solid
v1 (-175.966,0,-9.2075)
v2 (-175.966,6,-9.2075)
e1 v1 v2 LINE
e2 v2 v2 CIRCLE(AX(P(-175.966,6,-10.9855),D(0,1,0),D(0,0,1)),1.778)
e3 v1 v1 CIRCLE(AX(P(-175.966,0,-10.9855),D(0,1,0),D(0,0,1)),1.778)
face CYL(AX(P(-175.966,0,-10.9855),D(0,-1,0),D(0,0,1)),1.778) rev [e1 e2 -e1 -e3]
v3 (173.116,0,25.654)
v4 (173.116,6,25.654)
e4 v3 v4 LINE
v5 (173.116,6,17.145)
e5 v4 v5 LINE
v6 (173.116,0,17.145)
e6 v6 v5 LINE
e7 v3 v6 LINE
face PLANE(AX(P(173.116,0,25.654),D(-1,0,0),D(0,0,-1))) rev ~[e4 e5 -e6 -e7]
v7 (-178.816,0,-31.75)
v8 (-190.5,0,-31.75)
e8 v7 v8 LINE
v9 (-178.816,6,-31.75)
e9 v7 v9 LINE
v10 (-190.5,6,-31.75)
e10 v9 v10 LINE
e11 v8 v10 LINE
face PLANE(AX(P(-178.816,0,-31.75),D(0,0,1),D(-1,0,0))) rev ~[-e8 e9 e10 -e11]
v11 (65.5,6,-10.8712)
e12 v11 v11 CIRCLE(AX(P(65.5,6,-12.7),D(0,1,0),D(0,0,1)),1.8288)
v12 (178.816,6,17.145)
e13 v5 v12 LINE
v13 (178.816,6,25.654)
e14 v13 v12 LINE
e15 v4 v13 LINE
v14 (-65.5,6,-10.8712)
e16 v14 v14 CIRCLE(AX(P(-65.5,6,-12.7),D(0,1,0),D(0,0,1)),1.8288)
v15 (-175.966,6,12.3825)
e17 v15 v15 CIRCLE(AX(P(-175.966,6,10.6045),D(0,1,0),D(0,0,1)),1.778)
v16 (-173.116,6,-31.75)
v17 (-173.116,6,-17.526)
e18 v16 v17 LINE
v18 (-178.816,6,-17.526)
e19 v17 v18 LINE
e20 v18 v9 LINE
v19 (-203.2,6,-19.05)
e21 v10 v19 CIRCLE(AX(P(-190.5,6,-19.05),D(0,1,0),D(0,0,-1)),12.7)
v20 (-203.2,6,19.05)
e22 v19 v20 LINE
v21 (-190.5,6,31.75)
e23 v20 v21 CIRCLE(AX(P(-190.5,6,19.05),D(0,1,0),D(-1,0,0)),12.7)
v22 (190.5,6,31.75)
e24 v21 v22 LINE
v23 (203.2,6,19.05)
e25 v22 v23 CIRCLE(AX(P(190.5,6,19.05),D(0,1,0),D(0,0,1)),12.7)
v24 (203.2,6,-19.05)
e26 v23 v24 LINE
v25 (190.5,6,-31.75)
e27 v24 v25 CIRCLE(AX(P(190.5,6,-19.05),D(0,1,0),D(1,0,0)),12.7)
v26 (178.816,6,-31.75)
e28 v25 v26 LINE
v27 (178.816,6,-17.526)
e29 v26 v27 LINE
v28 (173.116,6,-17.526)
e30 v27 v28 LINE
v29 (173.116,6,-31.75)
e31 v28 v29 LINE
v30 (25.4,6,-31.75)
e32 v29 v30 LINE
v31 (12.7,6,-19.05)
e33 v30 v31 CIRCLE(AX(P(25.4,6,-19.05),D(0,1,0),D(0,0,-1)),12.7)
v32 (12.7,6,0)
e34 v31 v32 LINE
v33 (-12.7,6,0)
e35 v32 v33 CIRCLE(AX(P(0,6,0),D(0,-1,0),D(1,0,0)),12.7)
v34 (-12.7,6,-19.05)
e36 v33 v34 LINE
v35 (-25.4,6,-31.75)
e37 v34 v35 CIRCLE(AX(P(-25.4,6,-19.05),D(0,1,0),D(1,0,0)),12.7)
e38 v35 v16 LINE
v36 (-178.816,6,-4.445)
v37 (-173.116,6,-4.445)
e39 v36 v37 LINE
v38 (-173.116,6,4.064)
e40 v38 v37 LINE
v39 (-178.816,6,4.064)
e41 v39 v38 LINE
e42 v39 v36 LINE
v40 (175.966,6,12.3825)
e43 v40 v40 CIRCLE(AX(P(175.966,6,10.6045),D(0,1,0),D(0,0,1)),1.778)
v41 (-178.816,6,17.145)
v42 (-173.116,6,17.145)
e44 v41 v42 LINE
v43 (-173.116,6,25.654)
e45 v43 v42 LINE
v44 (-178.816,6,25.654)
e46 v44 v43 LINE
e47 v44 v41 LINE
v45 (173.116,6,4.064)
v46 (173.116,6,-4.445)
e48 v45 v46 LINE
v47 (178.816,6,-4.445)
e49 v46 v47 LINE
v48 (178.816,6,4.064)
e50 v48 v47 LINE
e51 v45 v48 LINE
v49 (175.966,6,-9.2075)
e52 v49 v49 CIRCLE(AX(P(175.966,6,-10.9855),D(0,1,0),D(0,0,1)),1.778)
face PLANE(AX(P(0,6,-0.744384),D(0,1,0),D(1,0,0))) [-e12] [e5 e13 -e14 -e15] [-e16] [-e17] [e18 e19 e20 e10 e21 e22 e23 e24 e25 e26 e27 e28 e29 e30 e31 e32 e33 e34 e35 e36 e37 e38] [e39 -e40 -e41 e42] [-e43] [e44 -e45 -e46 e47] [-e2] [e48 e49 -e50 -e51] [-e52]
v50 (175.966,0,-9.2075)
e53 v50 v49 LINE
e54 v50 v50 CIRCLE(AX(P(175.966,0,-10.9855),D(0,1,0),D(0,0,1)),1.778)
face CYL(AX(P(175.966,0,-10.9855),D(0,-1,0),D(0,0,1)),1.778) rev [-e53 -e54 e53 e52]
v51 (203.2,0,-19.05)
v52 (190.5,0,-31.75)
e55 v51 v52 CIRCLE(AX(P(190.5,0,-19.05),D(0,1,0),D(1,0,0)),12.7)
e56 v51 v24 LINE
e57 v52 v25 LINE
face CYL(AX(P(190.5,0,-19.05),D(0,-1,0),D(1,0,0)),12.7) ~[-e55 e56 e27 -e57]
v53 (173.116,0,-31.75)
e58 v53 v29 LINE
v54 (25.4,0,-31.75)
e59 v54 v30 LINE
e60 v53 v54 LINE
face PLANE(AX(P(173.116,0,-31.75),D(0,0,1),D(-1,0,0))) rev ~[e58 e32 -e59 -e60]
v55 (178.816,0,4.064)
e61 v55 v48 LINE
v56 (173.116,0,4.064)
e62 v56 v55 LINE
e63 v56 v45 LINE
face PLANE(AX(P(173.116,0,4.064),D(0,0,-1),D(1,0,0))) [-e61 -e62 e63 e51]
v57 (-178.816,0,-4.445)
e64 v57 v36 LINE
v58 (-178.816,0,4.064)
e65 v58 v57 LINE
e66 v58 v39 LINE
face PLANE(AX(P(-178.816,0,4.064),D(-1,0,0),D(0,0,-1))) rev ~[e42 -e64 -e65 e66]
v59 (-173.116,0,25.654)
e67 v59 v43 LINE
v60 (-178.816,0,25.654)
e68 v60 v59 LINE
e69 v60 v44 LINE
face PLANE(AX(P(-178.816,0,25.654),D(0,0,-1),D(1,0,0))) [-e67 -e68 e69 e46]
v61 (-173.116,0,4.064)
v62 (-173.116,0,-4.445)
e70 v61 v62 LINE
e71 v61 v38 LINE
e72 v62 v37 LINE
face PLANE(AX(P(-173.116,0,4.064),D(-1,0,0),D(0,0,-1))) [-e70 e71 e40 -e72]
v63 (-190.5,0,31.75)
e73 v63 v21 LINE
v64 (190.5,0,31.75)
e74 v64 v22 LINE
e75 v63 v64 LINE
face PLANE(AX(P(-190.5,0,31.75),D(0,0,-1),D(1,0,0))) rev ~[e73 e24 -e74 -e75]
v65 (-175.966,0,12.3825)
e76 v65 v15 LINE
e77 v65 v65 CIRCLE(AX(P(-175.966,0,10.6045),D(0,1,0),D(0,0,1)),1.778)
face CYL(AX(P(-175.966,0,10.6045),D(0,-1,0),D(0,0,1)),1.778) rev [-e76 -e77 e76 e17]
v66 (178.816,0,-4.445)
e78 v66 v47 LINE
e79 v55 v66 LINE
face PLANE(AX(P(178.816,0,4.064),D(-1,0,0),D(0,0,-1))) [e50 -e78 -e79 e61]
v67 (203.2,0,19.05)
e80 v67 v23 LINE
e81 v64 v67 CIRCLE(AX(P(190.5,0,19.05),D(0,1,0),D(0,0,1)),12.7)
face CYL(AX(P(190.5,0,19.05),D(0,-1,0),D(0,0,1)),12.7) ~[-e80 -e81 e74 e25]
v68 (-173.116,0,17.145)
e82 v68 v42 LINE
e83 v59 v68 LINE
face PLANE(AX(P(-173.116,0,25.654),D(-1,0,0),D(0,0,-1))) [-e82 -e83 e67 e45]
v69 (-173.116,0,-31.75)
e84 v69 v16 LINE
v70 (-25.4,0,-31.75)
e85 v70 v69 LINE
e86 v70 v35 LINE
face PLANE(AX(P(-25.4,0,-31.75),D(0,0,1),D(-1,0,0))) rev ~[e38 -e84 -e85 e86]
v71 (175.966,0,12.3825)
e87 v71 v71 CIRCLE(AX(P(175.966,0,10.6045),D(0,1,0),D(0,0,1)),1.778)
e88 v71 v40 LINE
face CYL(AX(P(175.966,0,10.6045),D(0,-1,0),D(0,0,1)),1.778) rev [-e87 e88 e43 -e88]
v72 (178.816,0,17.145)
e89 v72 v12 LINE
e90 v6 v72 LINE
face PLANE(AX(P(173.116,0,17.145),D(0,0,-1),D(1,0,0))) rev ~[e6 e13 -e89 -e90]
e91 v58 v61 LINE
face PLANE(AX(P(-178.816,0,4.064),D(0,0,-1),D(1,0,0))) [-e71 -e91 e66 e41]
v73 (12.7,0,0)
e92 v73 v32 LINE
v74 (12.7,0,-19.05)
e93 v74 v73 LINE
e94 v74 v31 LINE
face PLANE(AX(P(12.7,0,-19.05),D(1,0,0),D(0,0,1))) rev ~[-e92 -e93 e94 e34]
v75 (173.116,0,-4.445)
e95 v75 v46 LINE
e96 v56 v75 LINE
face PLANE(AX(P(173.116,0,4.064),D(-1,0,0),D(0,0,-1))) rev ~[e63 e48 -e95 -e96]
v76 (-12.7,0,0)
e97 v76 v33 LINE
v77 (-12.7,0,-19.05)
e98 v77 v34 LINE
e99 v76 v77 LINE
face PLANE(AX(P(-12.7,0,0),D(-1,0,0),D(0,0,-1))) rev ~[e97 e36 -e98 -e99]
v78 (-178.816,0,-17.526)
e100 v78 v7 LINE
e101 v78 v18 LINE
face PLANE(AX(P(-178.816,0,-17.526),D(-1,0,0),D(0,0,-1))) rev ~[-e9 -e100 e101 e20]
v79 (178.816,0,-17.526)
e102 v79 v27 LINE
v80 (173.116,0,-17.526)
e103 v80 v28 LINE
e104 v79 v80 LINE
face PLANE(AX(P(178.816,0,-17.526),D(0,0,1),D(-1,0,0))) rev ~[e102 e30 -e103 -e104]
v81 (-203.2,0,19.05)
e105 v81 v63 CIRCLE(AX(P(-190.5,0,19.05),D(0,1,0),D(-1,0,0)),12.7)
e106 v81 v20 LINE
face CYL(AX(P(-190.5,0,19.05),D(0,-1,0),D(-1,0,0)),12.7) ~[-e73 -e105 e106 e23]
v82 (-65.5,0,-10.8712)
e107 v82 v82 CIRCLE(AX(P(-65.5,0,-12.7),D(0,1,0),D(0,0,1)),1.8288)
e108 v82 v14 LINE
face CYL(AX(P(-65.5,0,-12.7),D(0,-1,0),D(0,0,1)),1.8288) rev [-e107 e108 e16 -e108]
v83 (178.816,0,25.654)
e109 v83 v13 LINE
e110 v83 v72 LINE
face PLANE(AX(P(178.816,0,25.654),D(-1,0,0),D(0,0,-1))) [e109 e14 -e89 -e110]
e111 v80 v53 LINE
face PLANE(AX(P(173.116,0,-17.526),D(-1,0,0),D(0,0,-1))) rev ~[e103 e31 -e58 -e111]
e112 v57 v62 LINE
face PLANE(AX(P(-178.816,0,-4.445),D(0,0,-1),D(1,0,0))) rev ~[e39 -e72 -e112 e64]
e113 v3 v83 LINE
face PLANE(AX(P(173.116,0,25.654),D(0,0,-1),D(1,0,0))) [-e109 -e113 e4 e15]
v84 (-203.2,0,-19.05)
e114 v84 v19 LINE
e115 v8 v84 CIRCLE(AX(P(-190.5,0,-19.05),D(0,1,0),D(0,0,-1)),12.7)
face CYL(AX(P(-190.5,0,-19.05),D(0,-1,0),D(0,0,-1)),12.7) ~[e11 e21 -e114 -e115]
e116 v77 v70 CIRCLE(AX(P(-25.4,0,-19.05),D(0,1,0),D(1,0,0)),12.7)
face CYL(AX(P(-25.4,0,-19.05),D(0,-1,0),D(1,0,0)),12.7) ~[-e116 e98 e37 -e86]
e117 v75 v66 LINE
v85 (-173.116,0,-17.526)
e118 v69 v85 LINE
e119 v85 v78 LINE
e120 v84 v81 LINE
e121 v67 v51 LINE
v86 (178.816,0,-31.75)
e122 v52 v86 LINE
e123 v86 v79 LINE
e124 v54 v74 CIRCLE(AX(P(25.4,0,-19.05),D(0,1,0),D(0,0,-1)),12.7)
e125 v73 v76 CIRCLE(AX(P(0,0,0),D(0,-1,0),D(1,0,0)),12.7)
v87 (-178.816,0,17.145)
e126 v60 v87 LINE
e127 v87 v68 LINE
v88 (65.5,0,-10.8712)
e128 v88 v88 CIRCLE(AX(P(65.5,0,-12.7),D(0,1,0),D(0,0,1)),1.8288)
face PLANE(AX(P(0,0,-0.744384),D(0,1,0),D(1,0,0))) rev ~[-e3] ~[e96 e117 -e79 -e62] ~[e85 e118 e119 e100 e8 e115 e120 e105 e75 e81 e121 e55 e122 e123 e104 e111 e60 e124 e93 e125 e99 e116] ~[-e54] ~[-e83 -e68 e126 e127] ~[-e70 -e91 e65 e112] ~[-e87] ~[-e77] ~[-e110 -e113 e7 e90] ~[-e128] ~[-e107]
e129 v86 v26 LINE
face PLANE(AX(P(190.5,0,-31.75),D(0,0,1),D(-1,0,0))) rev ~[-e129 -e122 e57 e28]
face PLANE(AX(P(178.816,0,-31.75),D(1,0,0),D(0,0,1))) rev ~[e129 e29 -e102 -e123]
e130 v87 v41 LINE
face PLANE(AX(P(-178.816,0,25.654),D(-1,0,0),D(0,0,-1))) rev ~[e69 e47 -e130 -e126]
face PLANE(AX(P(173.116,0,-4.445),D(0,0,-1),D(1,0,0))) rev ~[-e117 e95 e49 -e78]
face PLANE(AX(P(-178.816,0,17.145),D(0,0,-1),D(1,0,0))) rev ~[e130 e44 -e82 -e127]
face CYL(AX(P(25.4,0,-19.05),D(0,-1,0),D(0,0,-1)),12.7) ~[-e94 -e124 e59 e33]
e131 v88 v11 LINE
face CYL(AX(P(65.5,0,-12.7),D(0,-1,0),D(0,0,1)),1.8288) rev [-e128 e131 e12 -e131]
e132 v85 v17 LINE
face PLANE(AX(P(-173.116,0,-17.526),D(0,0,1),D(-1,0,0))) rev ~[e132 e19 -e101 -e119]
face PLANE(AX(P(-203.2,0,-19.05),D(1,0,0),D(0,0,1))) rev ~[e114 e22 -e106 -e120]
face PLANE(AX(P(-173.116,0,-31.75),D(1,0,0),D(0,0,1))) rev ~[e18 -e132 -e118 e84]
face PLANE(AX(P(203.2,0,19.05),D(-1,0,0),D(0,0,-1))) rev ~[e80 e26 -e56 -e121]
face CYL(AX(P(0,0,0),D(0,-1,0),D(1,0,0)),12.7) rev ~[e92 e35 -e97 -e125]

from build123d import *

# Parameters (mm, degrees)
SKETCH1_W           = 5.7
SKETCH1_H           = 8.509
SKETCH1_R           = 1.778
SKETCH1_R_2         = 1.8288
BOSS_EXTRUDE1_DEPTH = 6


with BuildPart() as part:
    # Sketch1 → Boss-Extrude1 (new body)
    with BuildSketch(Plane(origin=(0, 0, 0), x_dir=(1, 0, 0), z_dir=(0, 1, 0))):
        with BuildLine():
            ThreePointArc((-203.2, -19.05), (-199.480256121, -28.030256121), (-190.5, -31.75))
            Line((-190.5, -31.75), (190.5, -31.75))
            ThreePointArc((190.5, -31.75), (199.480256121, -28.030256121), (203.2, -19.05))
            Line((203.2, -19.05), (203.2, 19.05))
            ThreePointArc((203.2, 19.05), (199.480256121, 28.030256121), (190.5, 31.75))
            Line((190.5, 31.75), (178.816, 31.75))
            Line((178.816, 31.75), (178.816, 26.035))
            Line((178.816, 26.035), (178.816, 17.526))
            Line((178.816, 17.526), (173.116, 17.526))
            Line((173.116, 17.526), (173.116, 26.035))
            Line((173.116, 26.035), (173.116, 31.75))
            Line((173.116, 31.75), (25.4, 31.75))
            ThreePointArc((25.4, 31.75), (16.419743879, 28.030256121), (12.7, 19.05))
            Line((12.7, 19.05), (12.7, 0))
            ThreePointArc((12.7, 0), (0, -12.7), (-12.7, 0))
            Line((-12.7, 0), (-12.7, 19.05))
            ThreePointArc((-12.7, 19.05), (-16.419743879, 28.030256121), (-25.4, 31.75))
            Line((-25.4, 31.75), (-173.116, 31.75))
            Line((-173.116, 31.75), (-173.116, 26.035))
            Line((-173.116, 26.035), (-173.116, 17.526))
            Line((-173.116, 17.526), (-178.816, 17.526))
            Line((-178.816, 17.526), (-178.816, 26.035))
            Line((-178.816, 26.035), (-178.816, 31.75))
            Line((-178.816, 31.75), (-190.5, 31.75))
            ThreePointArc((-190.5, 31.75), (-199.480256121, 28.030256121), (-203.2, 19.05))
            Line((-203.2, 19.05), (-203.2, -19.05))
        make_face()
        with Locations((-175.966, -21.3995)):
            Rectangle(SKETCH1_W, SKETCH1_H, mode=Mode.SUBTRACT)
        with Locations(Location((-175.966, -10.6045, 0), (0, 0, 270))):
            Circle(SKETCH1_R, mode=Mode.SUBTRACT)
        with Locations((175.966, -21.3995)):
            Rectangle(SKETCH1_W, SKETCH1_H, mode=Mode.SUBTRACT)
        with Locations(Location((175.966, -10.6045, 0), (0, 0, 270))):
            Circle(SKETCH1_R, mode=Mode.SUBTRACT)
        with Locations((-175.966, 0.1905)):
            Rectangle(SKETCH1_W, SKETCH1_H, mode=Mode.SUBTRACT)
        with Locations(Location((-175.966, 10.9855, 0), (0, 0, 270))):
            Circle(SKETCH1_R, mode=Mode.SUBTRACT)
        with Locations(Location((-65.5, 12.7, 0), (0, 0, 270))):
            Circle(SKETCH1_R_2, mode=Mode.SUBTRACT)
        with Locations(Location((65.5, 12.7, 0), (0, 0, 270))):
            Circle(SKETCH1_R_2, mode=Mode.SUBTRACT)
        with Locations((175.966, 0.1905)):
            Rectangle(SKETCH1_W, SKETCH1_H, mode=Mode.SUBTRACT)
        with Locations(Location((175.966, 10.9855, 0), (0, 0, 270))):
            Circle(SKETCH1_R, mode=Mode.SUBTRACT)
    extrude(amount=BOSS_EXTRUDE1_DEPTH)


solid = part.part
